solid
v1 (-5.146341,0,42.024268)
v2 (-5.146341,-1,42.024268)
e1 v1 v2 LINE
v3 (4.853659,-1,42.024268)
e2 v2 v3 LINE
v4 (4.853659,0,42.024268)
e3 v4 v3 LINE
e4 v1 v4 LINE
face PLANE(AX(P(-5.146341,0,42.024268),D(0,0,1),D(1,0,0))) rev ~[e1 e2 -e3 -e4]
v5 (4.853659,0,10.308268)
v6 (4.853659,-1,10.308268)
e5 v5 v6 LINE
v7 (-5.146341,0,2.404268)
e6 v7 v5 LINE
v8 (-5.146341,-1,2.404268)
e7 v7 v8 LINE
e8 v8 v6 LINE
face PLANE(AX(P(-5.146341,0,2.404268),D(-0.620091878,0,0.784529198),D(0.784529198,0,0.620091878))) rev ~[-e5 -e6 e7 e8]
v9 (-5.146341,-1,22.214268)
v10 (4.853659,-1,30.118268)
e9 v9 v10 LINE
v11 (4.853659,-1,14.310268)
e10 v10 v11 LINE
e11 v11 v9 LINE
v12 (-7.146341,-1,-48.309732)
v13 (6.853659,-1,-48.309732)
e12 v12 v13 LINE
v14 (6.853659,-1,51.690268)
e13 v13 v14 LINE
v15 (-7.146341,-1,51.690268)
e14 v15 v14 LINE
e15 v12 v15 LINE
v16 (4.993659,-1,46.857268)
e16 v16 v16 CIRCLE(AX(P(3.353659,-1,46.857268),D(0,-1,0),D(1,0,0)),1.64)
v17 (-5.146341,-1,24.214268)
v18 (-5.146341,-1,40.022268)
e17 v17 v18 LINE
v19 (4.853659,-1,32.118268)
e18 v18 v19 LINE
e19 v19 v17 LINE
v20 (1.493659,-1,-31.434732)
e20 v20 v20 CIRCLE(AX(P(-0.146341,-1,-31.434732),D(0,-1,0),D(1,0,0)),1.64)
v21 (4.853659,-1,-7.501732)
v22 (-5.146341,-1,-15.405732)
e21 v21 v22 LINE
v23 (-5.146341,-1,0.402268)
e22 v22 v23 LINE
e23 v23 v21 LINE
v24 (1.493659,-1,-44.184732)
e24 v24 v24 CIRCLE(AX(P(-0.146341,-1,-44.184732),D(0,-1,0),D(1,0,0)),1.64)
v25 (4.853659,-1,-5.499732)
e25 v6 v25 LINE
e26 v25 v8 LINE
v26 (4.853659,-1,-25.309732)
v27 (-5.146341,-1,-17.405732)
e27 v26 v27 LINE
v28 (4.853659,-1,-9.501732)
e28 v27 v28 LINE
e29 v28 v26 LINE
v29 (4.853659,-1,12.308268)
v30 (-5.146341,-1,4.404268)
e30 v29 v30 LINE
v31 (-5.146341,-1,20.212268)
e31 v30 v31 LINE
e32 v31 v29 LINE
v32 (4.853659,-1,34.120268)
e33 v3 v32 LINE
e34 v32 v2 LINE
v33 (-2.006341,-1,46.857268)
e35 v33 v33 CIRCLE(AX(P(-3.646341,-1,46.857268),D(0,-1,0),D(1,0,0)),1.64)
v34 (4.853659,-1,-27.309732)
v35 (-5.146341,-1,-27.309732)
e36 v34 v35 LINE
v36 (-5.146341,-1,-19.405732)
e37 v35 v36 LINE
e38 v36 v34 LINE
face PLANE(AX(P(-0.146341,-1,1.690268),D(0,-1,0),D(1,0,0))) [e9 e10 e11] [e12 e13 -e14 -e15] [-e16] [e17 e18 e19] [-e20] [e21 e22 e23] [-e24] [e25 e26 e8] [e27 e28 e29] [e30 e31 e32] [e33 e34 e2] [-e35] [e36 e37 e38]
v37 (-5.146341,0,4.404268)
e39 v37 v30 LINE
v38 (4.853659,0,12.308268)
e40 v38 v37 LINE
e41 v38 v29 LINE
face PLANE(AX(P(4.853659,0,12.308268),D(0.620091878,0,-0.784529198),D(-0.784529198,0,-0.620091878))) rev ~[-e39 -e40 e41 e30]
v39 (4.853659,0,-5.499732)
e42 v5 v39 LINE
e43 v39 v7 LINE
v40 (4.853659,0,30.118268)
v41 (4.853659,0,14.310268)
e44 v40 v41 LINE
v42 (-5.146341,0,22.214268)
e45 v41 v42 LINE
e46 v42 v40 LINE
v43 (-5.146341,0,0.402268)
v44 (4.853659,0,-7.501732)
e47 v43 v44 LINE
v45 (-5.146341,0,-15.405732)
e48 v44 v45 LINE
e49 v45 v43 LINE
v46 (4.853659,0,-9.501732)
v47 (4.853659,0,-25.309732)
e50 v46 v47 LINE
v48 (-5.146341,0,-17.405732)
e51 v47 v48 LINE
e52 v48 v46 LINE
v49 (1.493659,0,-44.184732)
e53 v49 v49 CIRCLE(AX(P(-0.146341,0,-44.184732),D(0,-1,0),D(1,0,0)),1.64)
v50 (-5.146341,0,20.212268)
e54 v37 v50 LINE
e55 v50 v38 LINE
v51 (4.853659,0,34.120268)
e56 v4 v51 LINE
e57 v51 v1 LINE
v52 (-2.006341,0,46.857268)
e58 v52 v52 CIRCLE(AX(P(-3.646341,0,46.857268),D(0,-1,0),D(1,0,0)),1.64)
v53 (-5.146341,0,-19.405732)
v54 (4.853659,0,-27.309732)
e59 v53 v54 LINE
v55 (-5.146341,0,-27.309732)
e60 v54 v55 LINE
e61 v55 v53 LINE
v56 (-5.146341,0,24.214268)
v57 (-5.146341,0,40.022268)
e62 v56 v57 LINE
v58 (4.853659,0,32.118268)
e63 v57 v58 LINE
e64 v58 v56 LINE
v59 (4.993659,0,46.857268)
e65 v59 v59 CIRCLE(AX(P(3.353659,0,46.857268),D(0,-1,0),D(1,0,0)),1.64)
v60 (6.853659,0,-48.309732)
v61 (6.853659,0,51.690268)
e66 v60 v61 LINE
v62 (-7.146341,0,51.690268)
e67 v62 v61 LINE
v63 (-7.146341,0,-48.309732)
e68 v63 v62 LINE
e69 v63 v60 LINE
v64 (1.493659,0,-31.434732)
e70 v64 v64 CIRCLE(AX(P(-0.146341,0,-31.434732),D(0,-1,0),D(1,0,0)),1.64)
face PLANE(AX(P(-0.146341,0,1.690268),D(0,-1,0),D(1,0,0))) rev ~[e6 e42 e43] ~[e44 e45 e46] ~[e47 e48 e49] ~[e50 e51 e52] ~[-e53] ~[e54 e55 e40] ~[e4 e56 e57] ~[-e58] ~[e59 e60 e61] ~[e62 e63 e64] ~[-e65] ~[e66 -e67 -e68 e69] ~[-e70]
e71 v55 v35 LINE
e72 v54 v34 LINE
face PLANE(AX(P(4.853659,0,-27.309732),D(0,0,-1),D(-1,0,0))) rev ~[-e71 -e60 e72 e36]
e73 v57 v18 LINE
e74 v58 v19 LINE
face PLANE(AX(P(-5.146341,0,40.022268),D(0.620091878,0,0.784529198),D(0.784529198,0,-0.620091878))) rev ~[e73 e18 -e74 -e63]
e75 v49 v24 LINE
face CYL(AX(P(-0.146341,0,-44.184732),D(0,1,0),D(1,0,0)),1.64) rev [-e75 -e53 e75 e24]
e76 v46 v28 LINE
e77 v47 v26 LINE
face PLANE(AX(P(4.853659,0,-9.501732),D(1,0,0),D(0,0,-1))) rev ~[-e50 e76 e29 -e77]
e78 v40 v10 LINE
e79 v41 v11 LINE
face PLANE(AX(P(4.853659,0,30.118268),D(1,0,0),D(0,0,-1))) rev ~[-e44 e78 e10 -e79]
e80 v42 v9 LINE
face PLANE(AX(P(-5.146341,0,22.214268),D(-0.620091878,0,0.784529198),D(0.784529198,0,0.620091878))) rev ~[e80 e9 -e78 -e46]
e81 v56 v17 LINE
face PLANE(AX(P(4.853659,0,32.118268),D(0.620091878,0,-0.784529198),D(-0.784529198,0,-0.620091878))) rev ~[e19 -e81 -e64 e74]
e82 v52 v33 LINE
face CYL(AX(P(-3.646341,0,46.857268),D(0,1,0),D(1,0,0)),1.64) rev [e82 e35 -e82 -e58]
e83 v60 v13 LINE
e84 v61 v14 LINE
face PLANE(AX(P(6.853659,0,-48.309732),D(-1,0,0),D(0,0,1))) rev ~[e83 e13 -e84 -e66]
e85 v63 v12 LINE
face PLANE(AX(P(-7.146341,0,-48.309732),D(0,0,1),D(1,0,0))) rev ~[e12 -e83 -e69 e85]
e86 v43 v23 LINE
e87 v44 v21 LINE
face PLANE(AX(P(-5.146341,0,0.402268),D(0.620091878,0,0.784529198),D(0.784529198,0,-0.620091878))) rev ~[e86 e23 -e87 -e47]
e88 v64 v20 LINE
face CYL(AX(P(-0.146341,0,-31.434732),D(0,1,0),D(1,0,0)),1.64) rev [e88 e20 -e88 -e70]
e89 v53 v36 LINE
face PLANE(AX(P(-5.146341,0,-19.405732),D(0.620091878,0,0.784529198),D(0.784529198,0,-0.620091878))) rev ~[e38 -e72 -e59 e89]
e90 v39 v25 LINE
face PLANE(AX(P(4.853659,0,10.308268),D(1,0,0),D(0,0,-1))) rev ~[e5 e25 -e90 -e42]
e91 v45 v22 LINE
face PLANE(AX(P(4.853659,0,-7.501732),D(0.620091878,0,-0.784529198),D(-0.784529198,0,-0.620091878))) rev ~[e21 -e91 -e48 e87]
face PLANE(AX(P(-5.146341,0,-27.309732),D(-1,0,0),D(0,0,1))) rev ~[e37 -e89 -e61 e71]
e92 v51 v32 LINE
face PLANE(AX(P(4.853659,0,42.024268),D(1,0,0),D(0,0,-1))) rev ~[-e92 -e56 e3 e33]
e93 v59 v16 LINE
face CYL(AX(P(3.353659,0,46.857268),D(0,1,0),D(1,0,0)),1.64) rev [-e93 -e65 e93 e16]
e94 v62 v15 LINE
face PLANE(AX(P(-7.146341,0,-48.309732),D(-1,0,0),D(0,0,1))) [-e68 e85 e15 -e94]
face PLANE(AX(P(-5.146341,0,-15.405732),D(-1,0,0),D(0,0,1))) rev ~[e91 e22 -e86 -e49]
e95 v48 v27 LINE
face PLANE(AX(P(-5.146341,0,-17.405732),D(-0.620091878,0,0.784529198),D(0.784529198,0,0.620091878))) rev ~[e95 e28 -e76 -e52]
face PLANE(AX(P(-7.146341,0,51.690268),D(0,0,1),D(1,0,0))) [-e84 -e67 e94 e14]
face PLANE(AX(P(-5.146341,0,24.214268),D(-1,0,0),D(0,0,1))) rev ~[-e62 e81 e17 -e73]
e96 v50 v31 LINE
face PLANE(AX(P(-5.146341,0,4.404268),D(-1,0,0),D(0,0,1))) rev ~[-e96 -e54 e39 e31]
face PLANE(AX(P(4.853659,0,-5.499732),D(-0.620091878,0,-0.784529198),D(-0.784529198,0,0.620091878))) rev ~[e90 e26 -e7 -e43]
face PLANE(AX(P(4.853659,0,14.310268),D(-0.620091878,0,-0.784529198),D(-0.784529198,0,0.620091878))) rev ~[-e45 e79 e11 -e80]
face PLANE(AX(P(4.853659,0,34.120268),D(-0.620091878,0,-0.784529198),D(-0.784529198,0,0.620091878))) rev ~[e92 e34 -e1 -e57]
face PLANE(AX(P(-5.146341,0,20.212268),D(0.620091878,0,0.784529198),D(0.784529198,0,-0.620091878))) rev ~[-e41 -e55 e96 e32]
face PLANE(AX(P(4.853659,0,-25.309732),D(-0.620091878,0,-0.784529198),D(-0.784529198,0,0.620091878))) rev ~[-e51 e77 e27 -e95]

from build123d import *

# Parameters (mm, degrees)
F0_W     = 14
F0_H     = 100
F0_R     = 1.64
F1_DEPTH = 1


with BuildPart() as f1:
    # F0 (on Front) → F1 (new body)
    with BuildSketch(Plane.XZ):
        with Locations((-0.146341, 1.690268)):
            Rectangle(F0_W, F0_H)
        with Locations((-0.146341, -44.184732)):
            Circle(F0_R, mode=Mode.SUBTRACT)
        with Locations((-0.146341, -31.434732)):
            Circle(F0_R, mode=Mode.SUBTRACT)
        Polygon((-5.146341, -19.405732), (4.853659, -27.309732), (-5.146341, -27.309732), align=None, mode=Mode.SUBTRACT)
        Polygon((-5.146341, -17.405732), (4.853659, -9.501732), (4.853659, -25.309732), align=None, mode=Mode.SUBTRACT)
        Polygon((-5.146341, -15.405732), (-5.146341, 0.402268), (4.853659, -7.501732), align=None, mode=Mode.SUBTRACT)
        Polygon((4.853659, -5.499732), (-5.146341, 2.404268), (4.853659, 10.308268), align=None, mode=Mode.SUBTRACT)
        Polygon((-5.146341, 20.212268), (4.853659, 12.308268), (-5.146341, 4.404268), align=None, mode=Mode.SUBTRACT)
        Polygon((-5.146341, 22.214268), (4.853659, 30.118268), (4.853659, 14.310268), align=None, mode=Mode.SUBTRACT)
        Polygon((4.853659, 32.118268), (-5.146341, 24.214268), (-5.146341, 40.022268), align=None, mode=Mode.SUBTRACT)
        Polygon((-5.146341, 42.024268), (4.853659, 42.024268), (4.853659, 34.120268), align=None, mode=Mode.SUBTRACT)
        with Locations((-3.646341, 46.857268)):
            Circle(F0_R, mode=Mode.SUBTRACT)
        with Locations((3.353659, 46.857268)):
            Circle(F0_R, mode=Mode.SUBTRACT)
    extrude(amount=F1_DEPTH)


solid = f1.part
